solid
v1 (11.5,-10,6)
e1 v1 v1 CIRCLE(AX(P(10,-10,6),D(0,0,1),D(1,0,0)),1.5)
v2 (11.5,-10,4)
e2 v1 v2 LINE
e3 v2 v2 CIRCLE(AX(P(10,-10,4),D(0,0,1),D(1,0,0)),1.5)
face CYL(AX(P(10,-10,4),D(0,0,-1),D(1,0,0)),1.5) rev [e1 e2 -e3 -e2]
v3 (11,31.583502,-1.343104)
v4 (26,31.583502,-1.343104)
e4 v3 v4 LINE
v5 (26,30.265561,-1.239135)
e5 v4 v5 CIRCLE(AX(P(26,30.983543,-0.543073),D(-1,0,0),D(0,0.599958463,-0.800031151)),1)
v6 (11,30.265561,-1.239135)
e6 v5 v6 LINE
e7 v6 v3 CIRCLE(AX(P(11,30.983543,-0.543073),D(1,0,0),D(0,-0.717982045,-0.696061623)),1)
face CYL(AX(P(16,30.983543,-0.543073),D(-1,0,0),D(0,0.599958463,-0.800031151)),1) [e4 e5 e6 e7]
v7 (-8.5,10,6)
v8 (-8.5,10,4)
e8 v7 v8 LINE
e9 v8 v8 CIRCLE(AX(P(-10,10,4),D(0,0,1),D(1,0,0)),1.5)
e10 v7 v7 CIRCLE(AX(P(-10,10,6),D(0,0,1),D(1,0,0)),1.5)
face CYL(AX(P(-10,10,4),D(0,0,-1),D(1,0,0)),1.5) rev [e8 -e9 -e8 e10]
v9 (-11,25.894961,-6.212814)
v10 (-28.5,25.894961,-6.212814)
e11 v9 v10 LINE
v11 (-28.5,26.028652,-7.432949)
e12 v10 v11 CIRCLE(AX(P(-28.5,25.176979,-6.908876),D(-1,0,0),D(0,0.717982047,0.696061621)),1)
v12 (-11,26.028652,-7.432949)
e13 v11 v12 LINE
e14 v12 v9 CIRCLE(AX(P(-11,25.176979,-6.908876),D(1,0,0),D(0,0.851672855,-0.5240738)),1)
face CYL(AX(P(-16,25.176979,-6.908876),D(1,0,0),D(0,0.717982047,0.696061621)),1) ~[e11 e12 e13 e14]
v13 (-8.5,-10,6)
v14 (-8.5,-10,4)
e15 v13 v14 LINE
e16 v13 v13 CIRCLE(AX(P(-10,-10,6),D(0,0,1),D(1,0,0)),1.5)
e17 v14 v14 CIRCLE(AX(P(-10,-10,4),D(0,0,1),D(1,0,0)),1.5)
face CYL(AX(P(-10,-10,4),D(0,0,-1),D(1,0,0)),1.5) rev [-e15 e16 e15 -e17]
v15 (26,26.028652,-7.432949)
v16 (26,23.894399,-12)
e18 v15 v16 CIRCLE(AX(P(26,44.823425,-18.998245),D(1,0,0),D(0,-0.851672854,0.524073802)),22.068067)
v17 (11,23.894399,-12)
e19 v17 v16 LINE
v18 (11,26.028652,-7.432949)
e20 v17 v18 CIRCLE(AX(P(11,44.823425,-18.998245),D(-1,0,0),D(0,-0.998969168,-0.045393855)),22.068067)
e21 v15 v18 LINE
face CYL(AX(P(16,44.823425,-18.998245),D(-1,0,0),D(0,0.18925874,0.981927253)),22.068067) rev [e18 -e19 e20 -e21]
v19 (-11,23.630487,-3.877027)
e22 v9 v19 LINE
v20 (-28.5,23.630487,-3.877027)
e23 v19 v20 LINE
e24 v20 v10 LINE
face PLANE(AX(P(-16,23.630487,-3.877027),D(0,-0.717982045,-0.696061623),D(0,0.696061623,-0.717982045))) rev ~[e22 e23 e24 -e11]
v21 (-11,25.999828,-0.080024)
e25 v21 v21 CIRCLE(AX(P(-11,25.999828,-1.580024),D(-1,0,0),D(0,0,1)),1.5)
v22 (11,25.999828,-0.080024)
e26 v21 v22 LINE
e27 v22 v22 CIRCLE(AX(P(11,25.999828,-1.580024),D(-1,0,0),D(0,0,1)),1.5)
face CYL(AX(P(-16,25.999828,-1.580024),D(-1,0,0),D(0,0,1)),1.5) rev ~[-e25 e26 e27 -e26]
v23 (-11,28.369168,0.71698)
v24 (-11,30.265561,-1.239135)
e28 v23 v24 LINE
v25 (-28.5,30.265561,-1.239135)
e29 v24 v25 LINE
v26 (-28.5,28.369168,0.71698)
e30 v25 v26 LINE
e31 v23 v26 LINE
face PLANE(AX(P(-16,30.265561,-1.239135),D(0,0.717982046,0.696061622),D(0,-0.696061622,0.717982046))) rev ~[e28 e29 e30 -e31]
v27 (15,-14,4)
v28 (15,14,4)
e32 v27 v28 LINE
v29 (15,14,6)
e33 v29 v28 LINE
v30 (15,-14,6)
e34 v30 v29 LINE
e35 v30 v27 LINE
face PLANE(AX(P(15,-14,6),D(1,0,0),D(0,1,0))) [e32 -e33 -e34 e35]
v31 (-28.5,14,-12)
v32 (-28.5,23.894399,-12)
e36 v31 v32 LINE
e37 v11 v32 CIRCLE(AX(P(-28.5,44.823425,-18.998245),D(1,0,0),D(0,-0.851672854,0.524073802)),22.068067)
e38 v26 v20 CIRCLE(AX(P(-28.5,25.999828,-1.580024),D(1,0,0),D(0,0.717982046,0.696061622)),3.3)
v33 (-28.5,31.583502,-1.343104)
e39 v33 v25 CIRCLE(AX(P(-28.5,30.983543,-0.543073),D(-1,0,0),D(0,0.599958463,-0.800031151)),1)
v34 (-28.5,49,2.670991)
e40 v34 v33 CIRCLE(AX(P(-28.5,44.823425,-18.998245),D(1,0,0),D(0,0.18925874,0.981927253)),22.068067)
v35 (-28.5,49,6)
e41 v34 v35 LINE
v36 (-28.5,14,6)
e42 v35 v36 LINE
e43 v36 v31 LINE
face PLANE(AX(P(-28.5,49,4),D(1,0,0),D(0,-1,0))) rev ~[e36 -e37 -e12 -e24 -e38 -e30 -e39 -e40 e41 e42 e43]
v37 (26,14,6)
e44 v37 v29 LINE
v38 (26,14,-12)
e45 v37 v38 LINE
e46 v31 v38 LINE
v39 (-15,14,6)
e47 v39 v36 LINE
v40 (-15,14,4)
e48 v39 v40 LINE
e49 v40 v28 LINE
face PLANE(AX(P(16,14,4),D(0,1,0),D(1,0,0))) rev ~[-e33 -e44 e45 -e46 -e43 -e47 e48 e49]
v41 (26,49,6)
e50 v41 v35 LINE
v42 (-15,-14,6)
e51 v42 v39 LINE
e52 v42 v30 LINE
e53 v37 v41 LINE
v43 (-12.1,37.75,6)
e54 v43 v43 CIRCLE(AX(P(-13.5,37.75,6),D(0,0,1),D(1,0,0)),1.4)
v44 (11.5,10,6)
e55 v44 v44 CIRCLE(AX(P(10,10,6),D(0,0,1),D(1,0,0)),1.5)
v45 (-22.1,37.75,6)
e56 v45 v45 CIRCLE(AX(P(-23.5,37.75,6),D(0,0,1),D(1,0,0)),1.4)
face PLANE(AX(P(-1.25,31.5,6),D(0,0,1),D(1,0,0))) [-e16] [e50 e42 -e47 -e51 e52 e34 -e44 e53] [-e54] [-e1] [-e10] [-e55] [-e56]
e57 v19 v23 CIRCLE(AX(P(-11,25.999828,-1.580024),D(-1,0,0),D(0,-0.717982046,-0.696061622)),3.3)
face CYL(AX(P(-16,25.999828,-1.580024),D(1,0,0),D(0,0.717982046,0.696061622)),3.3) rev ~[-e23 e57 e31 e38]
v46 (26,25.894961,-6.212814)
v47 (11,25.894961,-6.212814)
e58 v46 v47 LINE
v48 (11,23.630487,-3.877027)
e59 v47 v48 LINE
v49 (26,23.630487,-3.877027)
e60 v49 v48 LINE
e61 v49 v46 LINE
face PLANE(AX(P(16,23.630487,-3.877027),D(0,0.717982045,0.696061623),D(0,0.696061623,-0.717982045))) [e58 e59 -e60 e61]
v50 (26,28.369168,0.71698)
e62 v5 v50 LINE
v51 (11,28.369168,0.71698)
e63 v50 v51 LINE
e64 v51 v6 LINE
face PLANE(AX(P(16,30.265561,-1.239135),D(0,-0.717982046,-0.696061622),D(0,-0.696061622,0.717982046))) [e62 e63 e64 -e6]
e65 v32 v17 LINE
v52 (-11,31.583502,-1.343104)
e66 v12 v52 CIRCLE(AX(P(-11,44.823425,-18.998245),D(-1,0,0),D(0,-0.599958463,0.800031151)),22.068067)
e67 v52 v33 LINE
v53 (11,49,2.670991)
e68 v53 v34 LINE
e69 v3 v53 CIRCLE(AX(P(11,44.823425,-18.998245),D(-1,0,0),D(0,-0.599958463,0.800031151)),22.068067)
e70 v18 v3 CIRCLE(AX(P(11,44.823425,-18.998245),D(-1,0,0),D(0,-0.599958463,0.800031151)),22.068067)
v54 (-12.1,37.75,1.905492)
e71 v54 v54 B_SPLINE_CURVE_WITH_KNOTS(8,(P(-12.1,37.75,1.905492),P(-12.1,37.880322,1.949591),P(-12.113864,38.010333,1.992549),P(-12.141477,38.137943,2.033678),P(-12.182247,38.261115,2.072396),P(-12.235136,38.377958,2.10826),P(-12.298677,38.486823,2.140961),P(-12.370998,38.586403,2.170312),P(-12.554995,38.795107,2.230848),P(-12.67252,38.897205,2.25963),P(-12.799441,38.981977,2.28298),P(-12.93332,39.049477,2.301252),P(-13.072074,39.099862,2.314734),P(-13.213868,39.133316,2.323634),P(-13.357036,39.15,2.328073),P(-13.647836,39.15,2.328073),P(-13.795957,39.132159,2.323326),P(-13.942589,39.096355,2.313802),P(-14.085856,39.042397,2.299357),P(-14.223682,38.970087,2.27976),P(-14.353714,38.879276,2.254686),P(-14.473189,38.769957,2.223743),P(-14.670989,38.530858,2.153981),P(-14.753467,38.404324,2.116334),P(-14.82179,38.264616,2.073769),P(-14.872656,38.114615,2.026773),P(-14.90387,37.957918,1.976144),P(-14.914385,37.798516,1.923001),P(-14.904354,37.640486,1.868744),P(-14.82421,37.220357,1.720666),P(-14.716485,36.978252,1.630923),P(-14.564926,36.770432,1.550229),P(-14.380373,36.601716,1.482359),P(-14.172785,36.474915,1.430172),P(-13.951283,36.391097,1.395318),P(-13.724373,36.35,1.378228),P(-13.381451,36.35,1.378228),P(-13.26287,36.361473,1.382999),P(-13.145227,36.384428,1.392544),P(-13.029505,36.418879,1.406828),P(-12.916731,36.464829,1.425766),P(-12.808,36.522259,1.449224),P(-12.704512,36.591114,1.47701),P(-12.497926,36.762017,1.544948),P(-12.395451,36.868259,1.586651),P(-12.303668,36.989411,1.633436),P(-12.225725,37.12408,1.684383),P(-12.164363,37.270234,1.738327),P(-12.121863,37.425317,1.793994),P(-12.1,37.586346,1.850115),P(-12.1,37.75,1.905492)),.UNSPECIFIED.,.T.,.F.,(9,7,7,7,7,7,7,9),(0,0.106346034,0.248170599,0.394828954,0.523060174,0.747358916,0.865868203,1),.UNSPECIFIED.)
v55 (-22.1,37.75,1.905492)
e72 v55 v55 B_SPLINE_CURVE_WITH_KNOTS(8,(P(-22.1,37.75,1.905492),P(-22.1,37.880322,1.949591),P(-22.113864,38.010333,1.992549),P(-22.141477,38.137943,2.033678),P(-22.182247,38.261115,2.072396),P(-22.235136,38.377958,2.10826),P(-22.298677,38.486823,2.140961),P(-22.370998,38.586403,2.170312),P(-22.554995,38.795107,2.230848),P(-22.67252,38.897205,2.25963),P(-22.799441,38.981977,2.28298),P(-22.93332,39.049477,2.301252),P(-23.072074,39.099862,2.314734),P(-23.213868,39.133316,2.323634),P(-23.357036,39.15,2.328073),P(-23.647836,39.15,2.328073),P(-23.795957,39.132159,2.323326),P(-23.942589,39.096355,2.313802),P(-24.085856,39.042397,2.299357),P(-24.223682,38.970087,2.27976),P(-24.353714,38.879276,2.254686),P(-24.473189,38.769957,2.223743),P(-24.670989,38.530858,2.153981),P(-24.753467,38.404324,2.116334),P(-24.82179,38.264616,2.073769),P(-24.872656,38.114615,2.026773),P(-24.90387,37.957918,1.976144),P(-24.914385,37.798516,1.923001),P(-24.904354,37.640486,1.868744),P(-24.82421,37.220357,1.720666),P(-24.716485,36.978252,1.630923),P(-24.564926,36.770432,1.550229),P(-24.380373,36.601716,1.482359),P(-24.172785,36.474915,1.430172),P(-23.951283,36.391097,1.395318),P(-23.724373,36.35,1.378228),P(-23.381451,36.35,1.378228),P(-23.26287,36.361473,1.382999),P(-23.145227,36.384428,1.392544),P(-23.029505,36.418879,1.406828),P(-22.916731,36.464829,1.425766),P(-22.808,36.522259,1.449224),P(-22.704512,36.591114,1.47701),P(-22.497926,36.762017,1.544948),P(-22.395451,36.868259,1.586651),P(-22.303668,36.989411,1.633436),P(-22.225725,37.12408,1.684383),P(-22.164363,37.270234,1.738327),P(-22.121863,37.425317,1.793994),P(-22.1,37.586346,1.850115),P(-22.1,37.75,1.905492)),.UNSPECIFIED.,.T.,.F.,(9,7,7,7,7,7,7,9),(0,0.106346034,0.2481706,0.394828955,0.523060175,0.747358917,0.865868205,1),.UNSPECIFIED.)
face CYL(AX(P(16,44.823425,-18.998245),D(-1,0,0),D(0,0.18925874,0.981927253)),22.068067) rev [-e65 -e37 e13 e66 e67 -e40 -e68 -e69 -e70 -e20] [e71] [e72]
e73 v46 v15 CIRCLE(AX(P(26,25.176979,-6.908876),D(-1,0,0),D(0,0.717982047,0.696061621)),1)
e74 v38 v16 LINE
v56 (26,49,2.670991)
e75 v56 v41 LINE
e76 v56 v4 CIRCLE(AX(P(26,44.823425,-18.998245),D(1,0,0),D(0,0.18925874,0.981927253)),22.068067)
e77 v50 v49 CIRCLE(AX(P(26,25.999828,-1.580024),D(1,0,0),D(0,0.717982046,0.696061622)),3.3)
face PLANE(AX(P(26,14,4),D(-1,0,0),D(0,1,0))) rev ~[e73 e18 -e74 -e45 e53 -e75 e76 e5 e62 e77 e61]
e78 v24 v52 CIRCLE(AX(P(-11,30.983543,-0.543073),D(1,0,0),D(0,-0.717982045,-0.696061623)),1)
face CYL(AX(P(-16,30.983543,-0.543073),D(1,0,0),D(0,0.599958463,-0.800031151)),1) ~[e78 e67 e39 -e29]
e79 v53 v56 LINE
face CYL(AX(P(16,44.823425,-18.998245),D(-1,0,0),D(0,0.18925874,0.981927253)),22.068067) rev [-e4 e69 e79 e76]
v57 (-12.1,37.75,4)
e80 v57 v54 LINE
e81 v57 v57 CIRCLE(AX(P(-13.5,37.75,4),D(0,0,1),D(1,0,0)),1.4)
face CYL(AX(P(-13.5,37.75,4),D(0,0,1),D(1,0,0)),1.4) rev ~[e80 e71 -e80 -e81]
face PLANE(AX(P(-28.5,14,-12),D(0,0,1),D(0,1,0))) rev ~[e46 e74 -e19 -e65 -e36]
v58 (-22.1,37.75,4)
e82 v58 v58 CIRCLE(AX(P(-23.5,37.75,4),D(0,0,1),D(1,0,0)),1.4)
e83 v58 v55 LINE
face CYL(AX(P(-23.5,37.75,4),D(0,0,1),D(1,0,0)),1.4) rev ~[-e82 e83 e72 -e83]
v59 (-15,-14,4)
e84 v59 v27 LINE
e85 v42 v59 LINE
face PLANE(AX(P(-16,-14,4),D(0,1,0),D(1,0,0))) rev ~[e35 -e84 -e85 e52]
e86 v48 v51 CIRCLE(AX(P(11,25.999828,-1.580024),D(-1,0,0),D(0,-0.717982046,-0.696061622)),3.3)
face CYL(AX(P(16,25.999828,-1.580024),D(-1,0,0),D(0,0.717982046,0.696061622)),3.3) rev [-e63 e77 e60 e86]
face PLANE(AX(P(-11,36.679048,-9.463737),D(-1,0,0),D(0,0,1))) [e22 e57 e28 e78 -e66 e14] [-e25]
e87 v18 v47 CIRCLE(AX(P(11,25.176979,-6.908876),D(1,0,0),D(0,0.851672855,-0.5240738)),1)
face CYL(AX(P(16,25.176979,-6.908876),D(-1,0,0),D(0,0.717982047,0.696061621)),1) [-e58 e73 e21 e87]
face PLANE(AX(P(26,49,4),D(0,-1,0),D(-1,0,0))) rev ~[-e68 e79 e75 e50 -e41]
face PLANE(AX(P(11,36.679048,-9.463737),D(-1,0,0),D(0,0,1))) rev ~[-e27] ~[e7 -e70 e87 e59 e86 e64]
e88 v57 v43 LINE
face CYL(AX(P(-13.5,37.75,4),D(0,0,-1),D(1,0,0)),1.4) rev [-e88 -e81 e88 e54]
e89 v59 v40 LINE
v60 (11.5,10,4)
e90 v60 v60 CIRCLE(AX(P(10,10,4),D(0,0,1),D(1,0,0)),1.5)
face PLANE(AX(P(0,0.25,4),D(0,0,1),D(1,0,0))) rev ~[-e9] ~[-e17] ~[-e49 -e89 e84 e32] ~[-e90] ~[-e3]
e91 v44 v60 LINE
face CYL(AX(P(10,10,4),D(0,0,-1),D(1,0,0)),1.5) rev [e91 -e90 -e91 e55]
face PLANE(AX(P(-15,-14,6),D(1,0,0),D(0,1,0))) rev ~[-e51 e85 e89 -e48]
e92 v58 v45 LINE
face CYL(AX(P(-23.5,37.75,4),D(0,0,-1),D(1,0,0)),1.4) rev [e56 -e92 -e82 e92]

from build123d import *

# Parameters (mm, degrees)
SKETCH1_R               = 1.500000001
SKETCH1_R_2             = 1.5
BOSS_EXTRUDE2_DEPTH     = 4
SKETCH1_4_W             = 32
SKETCH1_4_H             = 35
SKETCH1_4_R             = 6.100000001
BOSS_EXTRUDE3_DEPTH     = 20
SKETCH2_R               = 1.5
CUT_EXTRUDE3_DEPTH      = 1
CUT_EXTRUDE3_DEPTH_BACK = 33
CUT_EXTRUDE4_DEPTH      = 5
CUT_EXTRUDE5_START      = -32
CUT_EXTRUDE5_DEPTH      = 5
CUT_EXTRUDE6_DEPTH      = 25
BOSS_EXTRUDE5_DEPTH     = 12.5
SKETCH7_R               = 1.4
CUT_EXTRUDE7_DEPTH      = 20
BOSS_EXTRUDE6_START     = -32
BOSS_EXTRUDE6_DEPTH     = 10
CUT_EXTRUDE8_DEPTH      = 43
SKETCH9_R               = 1.4
SKETCH9_W               = 32
SKETCH9_H               = 28
SKETCH9_R_2             = 1.500000001
BOSS_EXTRUDE7_DEPTH     = 2
SKETCH1_8_W             = 32
SKETCH1_8_H             = 27.5
SKETCH1_8_R             = 1.500000001
SKETCH1_8_R_2           = 1.5
CUT_EXTRUDE9_DEPTH      = 4
SKETCH11_W              = 1
SKETCH11_H              = 28
CUT_EXTRUDE13_DEPTH     = 27
CUT_EXTRUDE10_DEPTH     = 55.5


with BuildPart() as part:
    # Sketch1 → Boss-Extrude2 (new body)
    with BuildSketch(Plane.XY):
        Polygon((-16, 49), (-16, -46.5), (-14.969293645, -46.5), (-14.969293645, -42.160880121), (-15.92820323, -40.5), (-12.464101615, -34.5), (-5.535898385, -34.5), (-2.07179677, -40.5), (-5.535898385, -46.5), (5.535898385, -46.5), (2.090853862, -40.533007852), (5.457729166, -34.432863746), (12.425340481, -34.432863746), (15.909146138, -40.466992148), (15, -42.114193768), (15, -46.5), (16, -46.5), (16, 49), align=None)
        with Locations((10, 10)):
            Circle(SKETCH1_R, mode=Mode.SUBTRACT)
        with Locations((-10, -10)):
            Circle(SKETCH1_R, mode=Mode.SUBTRACT)
        with Locations((10, -10)):
            Circle(SKETCH1_R, mode=Mode.SUBTRACT)
        with Locations((-10, 10)):
            Circle(SKETCH1_R, mode=Mode.SUBTRACT)
        with Locations((0, -43.5)):
            Circle(SKETCH1_R_2, mode=Mode.SUBTRACT)
        with Locations((-8.5, -31.5)):
            Circle(SKETCH1_R_2, mode=Mode.SUBTRACT)
        with Locations((8.5, -31.5)):
            Circle(SKETCH1_R_2, mode=Mode.SUBTRACT)
    extrude(amount=BOSS_EXTRUDE2_DEPTH)

    # Sketch1<4> → Boss-Extrude3 (add)
    with BuildSketch(Plane.XY):
        with Locations((0, 31.5)):
            Rectangle(SKETCH1_4_W, SKETCH1_4_H)
        Polygon((0, 36.969655115), (9.5, 31.484827557), (9.5, 20.515172443), (0, 15.030344885), (-9.5, 20.515172443), (-9.5, 31.484827557), align=None, mode=Mode.SUBTRACT)
        Polygon((9.5, 31.484827557), (9.5, 20.515172443), (0, 15.030344885), (-9.5, 20.515172443), (-9.5, 31.484827557), (0, 36.969655115), align=None)
        with Locations((0, 26)):
            Circle(SKETCH1_4_R, mode=Mode.SUBTRACT)
        with Locations((0, 26)):
            Circle(SKETCH1_4_R)
    extrude(amount=-BOSS_EXTRUDE3_DEPTH)

    # Sketch2 → Cut-Extrude3 (cut, two sides)
    with BuildSketch(Plane.ZY.offset(16)) as cut_extrude3_sk:
        with Locations((-1.580023732, 25.999827557)):
            Circle(SKETCH2_R)
    extrude(amount=CUT_EXTRUDE3_DEPTH, mode=Mode.SUBTRACT)
    extrude(cut_extrude3_sk.sketch, amount=-CUT_EXTRUDE3_DEPTH_BACK, mode=Mode.SUBTRACT)

    # Sketch3 → Cut-Extrude4 (cut)
    with BuildSketch(Plane.ZY.offset(16)):
        with BuildLine():
            Line((0.716979622, 28.369168308), (-1.239134605, 30.265561192))
            ThreePointArc((-1.239134605, 30.265561192), (-1.539975782, 30.904899692), (-1.343104133, 31.583501701))
            ThreePointArc((-1.343104133, 31.583501701), (2.506062966, 39.867185425), (2.670991263, 49))
            Line((2.670991263, 49), (-20, 49))
            Line((-20, 49), (-20, 22.778106647))
            ThreePointArc((-20, 22.778106647), (-13.472070231, 23.458477945), (-7.432949471, 26.028651597))
            ThreePointArc((-7.432949471, 26.028651597), (-6.799957072, 26.171029415), (-6.212814046, 25.894960789))
            Line((-6.212814046, 25.894960789), (-3.877027086, 23.630486807))
            Line((-3.877027086, 23.630486807), (0.716979622, 28.369168308))
        make_face()
        with BuildLine():
            ThreePointArc((-3.877027086, 23.630486807), (0.789317018, 23.702824203), (0.716979622, 28.369168308))
            Line((0.716979622, 28.369168308), (-3.877027086, 23.630486807))
        make_face()
    extrude(amount=-CUT_EXTRUDE4_DEPTH, mode=Mode.SUBTRACT)

    # Sketch3<4> → Cut-Extrude5 (cut)
    with BuildSketch(Plane.ZY.offset(16).offset(CUT_EXTRUDE5_START)):
        with BuildLine():
            Line((0.716979622, 28.369168308), (-1.239134605, 30.265561192))
            ThreePointArc((-1.239134605, 30.265561192), (-1.539975782, 30.904899692), (-1.343104133, 31.583501701))
            ThreePointArc((-1.343104133, 31.583501701), (2.506062966, 39.867185425), (2.670991263, 49))
            Line((2.670991263, 49), (-20, 49))
            Line((-20, 49), (-20, 22.778106647))
            ThreePointArc((-20, 22.778106647), (-13.472070231, 23.458477945), (-7.432949471, 26.028651597))
            ThreePointArc((-7.432949471, 26.028651597), (-6.799957072, 26.171029415), (-6.212814046, 25.894960789))
            Line((-6.212814046, 25.894960789), (-3.877027086, 23.630486807))
            Line((-3.877027086, 23.630486807), (0.716979622, 28.369168308))
        make_face()
        with BuildLine():
            ThreePointArc((-3.877027086, 23.630486807), (0.789317018, 23.702824203), (0.716979622, 28.369168308))
            Line((0.716979622, 28.369168308), (-3.877027086, 23.630486807))
        make_face()
    extrude(amount=CUT_EXTRUDE5_DEPTH, mode=Mode.SUBTRACT)

    # Sketch5 → Cut-Extrude6 (cut, through all)
    with BuildSketch(Plane.XY.offset(4)):
        Polygon((-14.969293645, -42.160880121), (-15.92820323, -40.5), (-16, -40.500074436), (-16, -46.5), (-14.969293645, -46.5), align=None)
        Polygon((15, -42.114193768), (15.909146138, -40.466992148), (10.36687247, -40.472738184), (10.36687247, -46.5), (15, -46.5), align=None)
        Polygon((16, -40.466897954), (15.909146138, -40.466992148), (15, -42.114193768), (15, -46.5), (16, -46.5), align=None)
        Polygon((17.825288522, -40.465005559), (16, -40.466897954), (16, -46.5), (17.916172301, -46.5), align=None)
    extrude(amount=-CUT_EXTRUDE6_DEPTH, mode=Mode.SUBTRACT)

    # Sketch8 → Boss-Extrude5 (add)
    with BuildSketch(Plane.ZY.offset(16)):
        with BuildLine():
            ThreePointArc((-1.343104133, 31.583501701), (-1.539975782, 30.904899692), (-1.239134605, 30.265561192))
            Line((-1.239134605, 30.265561192), (0.716979622, 28.369168308))
            ThreePointArc((0.716979622, 28.369168308), (0.789317018, 23.702824203), (-3.877027086, 23.630486807))
            Line((-3.877027086, 23.630486807), (-6.212814046, 25.894960789))
            ThreePointArc((-6.212814046, 25.894960789), (-6.799957072, 26.171029415), (-7.432949471, 26.028651597))
            ThreePointArc((-7.432949471, 26.028651597), (-13.472070231, 23.458477945), (-20, 22.778106647))
            Line((-20, 22.778106647), (-20, 14))
            Line((-20, 14), (0, 14))
            Line((0, 14), (4, 14))
            Line((4, 14), (4, 49))
            Line((4, 49), (2.670991263, 49))
            ThreePointArc((2.670991263, 49), (2.506062966, 39.867185425), (-1.343104133, 31.583501701))
        make_face()
    extrude(amount=BOSS_EXTRUDE5_DEPTH)

    # Sketch7 → Cut-Extrude7 (cut)
    with BuildSketch(Plane.XY.offset(4)):
        with Locations((-13.5, 37.75)):
            Circle(SKETCH7_R)
        with Locations((-23.5, 37.75)):
            Circle(SKETCH7_R)
    extrude(amount=-CUT_EXTRUDE7_DEPTH, mode=Mode.SUBTRACT)

    # Sketch8<3> → Boss-Extrude6 (add)
    with BuildSketch(Plane.ZY.offset(16).offset(BOSS_EXTRUDE6_START)):
        with BuildLine():
            ThreePointArc((-1.343104133, 31.583501701), (-1.539975782, 30.904899692), (-1.239134605, 30.265561192))
            Line((-1.239134605, 30.265561192), (0.716979622, 28.369168308))
            ThreePointArc((0.716979622, 28.369168308), (0.789317018, 23.702824203), (-3.877027086, 23.630486807))
            Line((-3.877027086, 23.630486807), (-6.212814046, 25.894960789))
            ThreePointArc((-6.212814046, 25.894960789), (-6.799957072, 26.171029415), (-7.432949471, 26.028651597))
            ThreePointArc((-7.432949471, 26.028651597), (-13.472070231, 23.458477945), (-20, 22.778106647))
            Line((-20, 22.778106647), (-20, 14))
            Line((-20, 14), (0, 14))
            Line((0, 14), (4, 14))
            Line((4, 14), (4, 49))
            Line((4, 49), (2.670991263, 49))
            ThreePointArc((2.670991263, 49), (2.506062966, 39.867185425), (-1.343104133, 31.583501701))
        make_face()
    extrude(amount=-BOSS_EXTRUDE6_DEPTH)

    # Sketch8<4> → Cut-Extrude8 (cut, through all)
    with BuildSketch(Plane.ZY.offset(16)):
        with BuildLine():
            ThreePointArc((-1.343104133, 31.583501701), (-4.126373378, 28.519223025), (-7.432949471, 26.028651597))
            ThreePointArc((-7.432949471, 26.028651597), (-13.472070231, 23.458477945), (-20, 22.778106647))
            Line((-20, 22.778106647), (-20, 49))
            Line((-20, 49), (2.670991263, 49))
            ThreePointArc((2.670991263, 49), (2.506062966, 39.867185425), (-1.343104133, 31.583501701))
        make_face()
    extrude(amount=-CUT_EXTRUDE8_DEPTH, mode=Mode.SUBTRACT)

    # Sketch9 → Boss-Extrude7 (add)
    with BuildSketch(Plane.XY.offset(4)):
        Polygon((26, 14), (26, 49), (-28.5, 49), (-28.5, 14), (-16, 14), (16, 14), align=None)
        with Locations((-23.5, 37.75)):
            Circle(SKETCH9_R, mode=Mode.SUBTRACT)
        with Locations((-13.5, 37.75)):
            Circle(SKETCH9_R, mode=Mode.SUBTRACT)
        Rectangle(SKETCH9_W, SKETCH9_H)
        with Locations((-10, -10)):
            Circle(SKETCH9_R_2, mode=Mode.SUBTRACT)
        with Locations((-10, 10)):
            Circle(SKETCH9_R_2, mode=Mode.SUBTRACT)
        with Locations((10, -10)):
            Circle(SKETCH9_R_2, mode=Mode.SUBTRACT)
        with Locations((10, 10)):
            Circle(SKETCH9_R_2, mode=Mode.SUBTRACT)
    extrude(amount=BOSS_EXTRUDE7_DEPTH)

    # Sketch1<8> → Cut-Extrude9 (cut)
    with BuildSketch(Plane.XY):
        with Locations((0, 0.25)):
            Rectangle(SKETCH1_8_W, SKETCH1_8_H)
        with Locations((-10, 10)):
            Circle(SKETCH1_8_R, mode=Mode.SUBTRACT)
        with Locations((10, 10)):
            Circle(SKETCH1_8_R, mode=Mode.SUBTRACT)
        with Locations((10, -10)):
            Circle(SKETCH1_8_R, mode=Mode.SUBTRACT)
        with Locations((-10, -10)):
            Circle(SKETCH1_8_R, mode=Mode.SUBTRACT)
        Polygon((15, -13.5), (-14.969293645, -13.5), (-14.969293645, -38.839119879), (-12.464101615, -34.5), (-5.535898385, -34.5), (-2.07179677, -40.5), (-5.535898385, -46.5), (5.535898385, -46.5), (2.090853862, -40.533007852), (5.457729166, -34.432863746), (12.425340481, -34.432863746), (15, -38.892304845), align=None)
        with Locations((-8.5, -31.5)):
            Circle(SKETCH1_8_R_2, mode=Mode.SUBTRACT)
        with Locations((0, -43.5)):
            Circle(SKETCH1_8_R_2, mode=Mode.SUBTRACT)
        with Locations((8.5, -31.5)):
            Circle(SKETCH1_8_R_2, mode=Mode.SUBTRACT)
        Polygon((-14.969293645, -13.5), (-16, -13.5), (-16, -46.5), (-14.969293645, -46.5), (-14.969293645, -42.160880121), (-15.92820323, -40.5), (-14.969293645, -38.839119879), align=None)
        Polygon((16, -46.5), (16, -13.5), (15, -13.5), (15, -38.892304845), (15.909146138, -40.466992148), (15, -42.114193768), (15, -46.5), align=None)
    extrude(amount=CUT_EXTRUDE9_DEPTH, mode=Mode.SUBTRACT)

    # Sketch11 → Cut-Extrude13 (cut, through all)
    with BuildSketch(Plane.XY.offset(6)):
        with Locations((-15.5, 0)):
            Rectangle(SKETCH11_W, SKETCH11_H)
        with Locations((15.5, 0)):
            Rectangle(SKETCH11_W, SKETCH11_H)
    extrude(amount=-CUT_EXTRUDE13_DEPTH, mode=Mode.SUBTRACT)

    # Sketch10 → Cut-Extrude10 (cut, through all)
    with BuildSketch(Plane.ZY.offset(28.5)):
        with BuildLine():
            ThreePointArc((-12, 23.89439883), (-15.948490895, 22.967108487), (-20, 22.778106647))
            Line((-20, 22.778106647), (-20, 14))
            Line((-20, 14), (-12, 14))
            Line((-12, 14), (-12, 23.89439883))
        make_face()
    extrude(amount=-CUT_EXTRUDE10_DEPTH, mode=Mode.SUBTRACT)


solid = part.part
